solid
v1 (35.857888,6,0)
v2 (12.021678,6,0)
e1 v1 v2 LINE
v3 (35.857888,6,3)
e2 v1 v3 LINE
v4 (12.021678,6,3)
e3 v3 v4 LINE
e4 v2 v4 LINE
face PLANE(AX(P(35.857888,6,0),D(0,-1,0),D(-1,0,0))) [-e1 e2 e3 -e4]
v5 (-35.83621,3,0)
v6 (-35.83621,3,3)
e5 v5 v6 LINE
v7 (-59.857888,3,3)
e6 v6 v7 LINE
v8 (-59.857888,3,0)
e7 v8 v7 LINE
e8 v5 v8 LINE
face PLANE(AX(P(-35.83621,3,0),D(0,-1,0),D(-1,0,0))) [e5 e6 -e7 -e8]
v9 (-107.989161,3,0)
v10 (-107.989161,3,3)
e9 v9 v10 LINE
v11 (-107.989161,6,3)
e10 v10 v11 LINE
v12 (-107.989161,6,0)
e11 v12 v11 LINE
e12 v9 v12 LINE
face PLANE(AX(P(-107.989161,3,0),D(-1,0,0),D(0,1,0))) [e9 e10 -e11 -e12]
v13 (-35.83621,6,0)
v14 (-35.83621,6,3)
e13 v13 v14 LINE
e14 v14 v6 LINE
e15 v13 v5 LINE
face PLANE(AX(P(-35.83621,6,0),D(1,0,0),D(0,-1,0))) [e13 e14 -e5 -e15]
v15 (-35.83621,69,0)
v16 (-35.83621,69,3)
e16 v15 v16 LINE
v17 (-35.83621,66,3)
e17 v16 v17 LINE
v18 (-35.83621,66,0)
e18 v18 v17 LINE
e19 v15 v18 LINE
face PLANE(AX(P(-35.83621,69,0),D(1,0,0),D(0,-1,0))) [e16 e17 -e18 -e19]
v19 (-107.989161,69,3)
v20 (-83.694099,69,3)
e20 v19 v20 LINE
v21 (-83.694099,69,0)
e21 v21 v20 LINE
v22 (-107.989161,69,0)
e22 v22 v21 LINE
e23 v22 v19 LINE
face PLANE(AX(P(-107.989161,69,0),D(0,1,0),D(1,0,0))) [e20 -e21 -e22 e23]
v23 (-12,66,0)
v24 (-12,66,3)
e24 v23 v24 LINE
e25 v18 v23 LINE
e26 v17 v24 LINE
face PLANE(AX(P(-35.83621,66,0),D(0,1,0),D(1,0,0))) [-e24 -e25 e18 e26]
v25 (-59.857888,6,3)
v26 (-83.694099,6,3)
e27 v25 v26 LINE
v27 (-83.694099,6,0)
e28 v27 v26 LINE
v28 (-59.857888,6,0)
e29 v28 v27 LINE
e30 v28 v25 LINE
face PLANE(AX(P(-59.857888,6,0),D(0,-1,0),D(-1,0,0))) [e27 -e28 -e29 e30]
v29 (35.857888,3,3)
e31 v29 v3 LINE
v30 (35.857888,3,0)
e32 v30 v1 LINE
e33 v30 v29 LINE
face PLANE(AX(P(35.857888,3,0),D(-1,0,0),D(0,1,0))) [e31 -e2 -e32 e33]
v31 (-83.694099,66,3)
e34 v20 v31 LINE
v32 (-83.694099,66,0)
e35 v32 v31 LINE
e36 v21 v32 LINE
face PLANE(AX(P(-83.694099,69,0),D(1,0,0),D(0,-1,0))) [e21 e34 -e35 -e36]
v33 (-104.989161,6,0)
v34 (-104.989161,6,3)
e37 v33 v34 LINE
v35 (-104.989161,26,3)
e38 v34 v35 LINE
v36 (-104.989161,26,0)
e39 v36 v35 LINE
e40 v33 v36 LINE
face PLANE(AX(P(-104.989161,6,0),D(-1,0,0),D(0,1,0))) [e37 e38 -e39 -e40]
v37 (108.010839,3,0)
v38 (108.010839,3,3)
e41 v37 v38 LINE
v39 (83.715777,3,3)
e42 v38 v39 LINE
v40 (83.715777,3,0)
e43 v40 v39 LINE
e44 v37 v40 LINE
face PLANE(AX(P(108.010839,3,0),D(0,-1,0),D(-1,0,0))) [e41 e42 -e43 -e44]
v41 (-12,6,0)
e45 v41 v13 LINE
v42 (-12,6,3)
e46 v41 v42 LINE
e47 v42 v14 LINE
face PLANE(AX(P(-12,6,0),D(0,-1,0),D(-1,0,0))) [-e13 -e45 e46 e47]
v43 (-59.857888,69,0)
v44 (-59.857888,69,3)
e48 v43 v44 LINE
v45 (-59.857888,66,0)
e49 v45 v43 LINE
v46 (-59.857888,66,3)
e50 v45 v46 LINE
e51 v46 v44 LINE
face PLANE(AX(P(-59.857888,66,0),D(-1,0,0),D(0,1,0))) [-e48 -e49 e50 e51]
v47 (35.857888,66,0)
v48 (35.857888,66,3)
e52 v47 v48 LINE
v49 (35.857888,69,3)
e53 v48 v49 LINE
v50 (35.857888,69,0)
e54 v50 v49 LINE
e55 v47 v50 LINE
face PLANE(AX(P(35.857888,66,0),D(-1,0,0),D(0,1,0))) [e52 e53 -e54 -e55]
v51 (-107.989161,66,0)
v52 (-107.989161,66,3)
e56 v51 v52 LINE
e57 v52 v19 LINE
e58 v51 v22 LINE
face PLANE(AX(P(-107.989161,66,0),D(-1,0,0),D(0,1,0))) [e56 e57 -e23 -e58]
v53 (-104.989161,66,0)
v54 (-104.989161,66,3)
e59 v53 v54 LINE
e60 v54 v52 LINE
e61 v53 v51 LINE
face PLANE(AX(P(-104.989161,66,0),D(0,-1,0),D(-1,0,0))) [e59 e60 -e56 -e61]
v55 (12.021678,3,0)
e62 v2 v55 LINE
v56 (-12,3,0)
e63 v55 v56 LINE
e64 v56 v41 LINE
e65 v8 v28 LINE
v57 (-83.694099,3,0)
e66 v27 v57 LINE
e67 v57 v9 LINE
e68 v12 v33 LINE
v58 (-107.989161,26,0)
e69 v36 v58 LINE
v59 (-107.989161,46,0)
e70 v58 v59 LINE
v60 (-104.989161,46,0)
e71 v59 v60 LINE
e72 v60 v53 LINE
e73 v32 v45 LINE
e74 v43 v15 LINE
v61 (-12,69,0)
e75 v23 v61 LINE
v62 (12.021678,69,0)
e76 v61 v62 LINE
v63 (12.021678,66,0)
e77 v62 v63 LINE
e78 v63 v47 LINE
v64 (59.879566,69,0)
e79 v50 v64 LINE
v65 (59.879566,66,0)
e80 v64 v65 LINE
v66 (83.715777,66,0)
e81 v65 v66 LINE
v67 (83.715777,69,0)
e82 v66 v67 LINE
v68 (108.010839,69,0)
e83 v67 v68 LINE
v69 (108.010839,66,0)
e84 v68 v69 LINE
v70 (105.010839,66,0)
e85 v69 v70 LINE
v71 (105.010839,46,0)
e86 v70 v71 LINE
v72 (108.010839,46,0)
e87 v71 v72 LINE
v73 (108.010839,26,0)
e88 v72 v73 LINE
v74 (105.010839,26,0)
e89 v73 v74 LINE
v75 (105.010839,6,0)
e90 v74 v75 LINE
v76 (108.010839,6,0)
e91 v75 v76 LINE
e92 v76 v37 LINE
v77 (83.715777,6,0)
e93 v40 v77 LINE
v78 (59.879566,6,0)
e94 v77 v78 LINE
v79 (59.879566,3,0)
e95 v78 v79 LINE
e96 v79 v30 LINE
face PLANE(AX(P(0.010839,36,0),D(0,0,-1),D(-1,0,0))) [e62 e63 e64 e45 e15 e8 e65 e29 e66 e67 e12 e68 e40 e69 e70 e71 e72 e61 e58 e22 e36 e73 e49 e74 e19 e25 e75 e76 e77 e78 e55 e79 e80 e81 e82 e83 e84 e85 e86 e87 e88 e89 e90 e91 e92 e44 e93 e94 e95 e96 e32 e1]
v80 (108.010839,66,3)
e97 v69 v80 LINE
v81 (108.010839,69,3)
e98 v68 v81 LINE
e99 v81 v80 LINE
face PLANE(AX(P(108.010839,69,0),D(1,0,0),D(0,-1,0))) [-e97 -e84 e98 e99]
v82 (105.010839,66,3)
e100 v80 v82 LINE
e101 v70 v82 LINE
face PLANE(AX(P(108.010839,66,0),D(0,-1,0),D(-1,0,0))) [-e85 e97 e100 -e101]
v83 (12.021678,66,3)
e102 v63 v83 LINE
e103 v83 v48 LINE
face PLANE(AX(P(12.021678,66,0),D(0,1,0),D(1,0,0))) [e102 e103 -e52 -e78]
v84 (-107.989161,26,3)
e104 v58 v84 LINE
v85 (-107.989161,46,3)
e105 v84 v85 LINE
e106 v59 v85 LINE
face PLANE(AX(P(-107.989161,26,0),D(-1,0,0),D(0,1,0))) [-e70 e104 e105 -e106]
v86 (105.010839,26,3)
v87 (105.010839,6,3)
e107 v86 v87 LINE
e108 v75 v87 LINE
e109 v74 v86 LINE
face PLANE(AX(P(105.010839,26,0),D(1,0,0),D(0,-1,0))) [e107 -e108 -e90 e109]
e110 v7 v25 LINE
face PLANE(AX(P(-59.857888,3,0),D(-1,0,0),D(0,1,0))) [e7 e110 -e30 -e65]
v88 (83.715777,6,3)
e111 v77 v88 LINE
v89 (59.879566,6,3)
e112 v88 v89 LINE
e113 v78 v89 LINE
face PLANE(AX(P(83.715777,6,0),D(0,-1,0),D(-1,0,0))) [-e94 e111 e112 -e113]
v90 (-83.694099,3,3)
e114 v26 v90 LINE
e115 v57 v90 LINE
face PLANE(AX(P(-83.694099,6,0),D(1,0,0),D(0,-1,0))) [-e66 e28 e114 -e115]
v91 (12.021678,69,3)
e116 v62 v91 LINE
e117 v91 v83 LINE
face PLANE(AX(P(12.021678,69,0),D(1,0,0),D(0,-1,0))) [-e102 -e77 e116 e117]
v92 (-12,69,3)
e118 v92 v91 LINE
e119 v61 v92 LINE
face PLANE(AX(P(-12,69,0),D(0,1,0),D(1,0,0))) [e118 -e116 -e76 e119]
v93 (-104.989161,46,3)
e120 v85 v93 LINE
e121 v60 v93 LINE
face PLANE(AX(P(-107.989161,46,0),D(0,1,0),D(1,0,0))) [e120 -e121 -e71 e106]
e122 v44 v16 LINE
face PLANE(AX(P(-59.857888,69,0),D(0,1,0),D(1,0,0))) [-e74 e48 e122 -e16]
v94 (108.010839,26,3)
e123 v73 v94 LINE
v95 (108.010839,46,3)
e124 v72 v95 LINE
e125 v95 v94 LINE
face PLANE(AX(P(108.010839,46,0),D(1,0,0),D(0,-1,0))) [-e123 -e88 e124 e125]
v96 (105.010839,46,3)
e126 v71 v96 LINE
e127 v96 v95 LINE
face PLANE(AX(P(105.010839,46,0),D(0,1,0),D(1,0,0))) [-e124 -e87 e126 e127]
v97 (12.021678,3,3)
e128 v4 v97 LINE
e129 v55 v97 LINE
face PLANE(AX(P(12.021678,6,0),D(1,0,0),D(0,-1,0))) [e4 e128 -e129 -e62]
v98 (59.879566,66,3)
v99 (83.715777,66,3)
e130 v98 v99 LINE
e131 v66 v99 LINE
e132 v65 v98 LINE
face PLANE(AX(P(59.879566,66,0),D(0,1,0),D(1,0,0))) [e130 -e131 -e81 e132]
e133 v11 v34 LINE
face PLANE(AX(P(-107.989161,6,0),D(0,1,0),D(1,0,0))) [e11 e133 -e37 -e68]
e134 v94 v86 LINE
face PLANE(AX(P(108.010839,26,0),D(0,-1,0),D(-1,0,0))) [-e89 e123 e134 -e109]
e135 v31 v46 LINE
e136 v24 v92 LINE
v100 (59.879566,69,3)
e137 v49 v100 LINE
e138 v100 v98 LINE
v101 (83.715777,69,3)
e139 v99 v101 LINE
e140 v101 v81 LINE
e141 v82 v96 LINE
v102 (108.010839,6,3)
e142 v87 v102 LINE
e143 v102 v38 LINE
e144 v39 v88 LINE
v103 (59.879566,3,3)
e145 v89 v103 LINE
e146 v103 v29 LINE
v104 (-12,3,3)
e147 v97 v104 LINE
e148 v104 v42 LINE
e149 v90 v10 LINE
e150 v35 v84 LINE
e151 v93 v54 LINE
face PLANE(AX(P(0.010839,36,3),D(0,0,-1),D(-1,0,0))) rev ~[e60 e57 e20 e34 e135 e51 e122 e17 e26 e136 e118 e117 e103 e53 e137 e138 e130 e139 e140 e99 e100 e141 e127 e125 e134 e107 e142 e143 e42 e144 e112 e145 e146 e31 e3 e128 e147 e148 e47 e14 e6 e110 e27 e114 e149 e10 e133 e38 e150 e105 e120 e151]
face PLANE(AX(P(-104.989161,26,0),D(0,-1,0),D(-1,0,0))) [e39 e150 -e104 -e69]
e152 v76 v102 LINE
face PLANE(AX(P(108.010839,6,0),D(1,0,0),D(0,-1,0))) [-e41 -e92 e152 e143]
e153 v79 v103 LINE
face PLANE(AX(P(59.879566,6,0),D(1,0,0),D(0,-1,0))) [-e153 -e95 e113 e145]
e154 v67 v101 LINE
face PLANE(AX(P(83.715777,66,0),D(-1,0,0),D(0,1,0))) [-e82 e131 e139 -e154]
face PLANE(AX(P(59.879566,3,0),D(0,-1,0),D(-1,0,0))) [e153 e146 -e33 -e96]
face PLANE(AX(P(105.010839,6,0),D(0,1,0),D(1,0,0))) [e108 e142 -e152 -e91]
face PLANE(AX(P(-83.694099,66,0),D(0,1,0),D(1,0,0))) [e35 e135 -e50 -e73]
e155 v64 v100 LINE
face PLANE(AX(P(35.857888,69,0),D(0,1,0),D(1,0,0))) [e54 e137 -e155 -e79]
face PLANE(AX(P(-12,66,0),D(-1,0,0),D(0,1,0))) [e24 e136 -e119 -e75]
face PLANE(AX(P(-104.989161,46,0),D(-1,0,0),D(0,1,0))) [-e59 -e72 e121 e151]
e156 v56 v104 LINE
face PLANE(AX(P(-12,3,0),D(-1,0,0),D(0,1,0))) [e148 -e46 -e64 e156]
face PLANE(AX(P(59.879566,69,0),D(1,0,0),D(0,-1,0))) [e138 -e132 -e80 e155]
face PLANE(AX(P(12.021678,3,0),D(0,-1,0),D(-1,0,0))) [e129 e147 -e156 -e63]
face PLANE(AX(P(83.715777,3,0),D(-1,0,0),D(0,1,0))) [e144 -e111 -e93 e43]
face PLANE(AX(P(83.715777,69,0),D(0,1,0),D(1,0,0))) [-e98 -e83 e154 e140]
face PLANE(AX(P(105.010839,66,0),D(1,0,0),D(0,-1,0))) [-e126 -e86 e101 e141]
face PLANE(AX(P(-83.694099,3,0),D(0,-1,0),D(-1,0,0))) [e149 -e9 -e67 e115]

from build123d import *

# Parameters (mm, degrees)
BOSS_EXTRUDE1_DEPTH = 3


with BuildPart() as part:
    # Sketch1 → Boss-Extrude1 (new body)
    with BuildSketch(Plane.XY):
        Polygon((-83.694098756, 3), (-107.98916098, 3), (-107.98916098, 6), (-104.98916098, 6), (-104.98916098, 26), (-107.98916098, 26), (-107.98916098, 46), (-104.98916098, 46), (-104.98916098, 66), (-107.98916098, 66), (-107.98916098, 69), (-83.694098756, 69), (-83.694098756, 66), (-59.857888398, 66), (-59.857888398, 69), (-35.836210357, 69), (-35.836210357, 66), (-12, 66), (-12, 69), (12.021678041, 69), (12.021678041, 66), (35.857888398, 66), (35.857888398, 69), (59.879566439, 69), (59.879566439, 66), (83.715776796, 66), (83.715776796, 69), (108.01083902, 69), (108.01083902, 66), (105.01083902, 66), (105.01083902, 46), (108.01083902, 46), (108.01083902, 26), (105.01083902, 26), (105.01083902, 6), (108.01083902, 6), (108.01083902, 3), (83.715776796, 3), (83.715776796, 6), (59.879566439, 6), (59.879566439, 3), (35.857888398, 3), (35.857888398, 6), (12.021678041, 6), (12.021678041, 3), (-12, 3), (-12, 6), (-35.836210357, 6), (-35.836210357, 3), (-59.857888398, 3), (-59.857888398, 6), (-83.694098756, 6), align=None)
    extrude(amount=BOSS_EXTRUDE1_DEPTH)


solid = part.part
